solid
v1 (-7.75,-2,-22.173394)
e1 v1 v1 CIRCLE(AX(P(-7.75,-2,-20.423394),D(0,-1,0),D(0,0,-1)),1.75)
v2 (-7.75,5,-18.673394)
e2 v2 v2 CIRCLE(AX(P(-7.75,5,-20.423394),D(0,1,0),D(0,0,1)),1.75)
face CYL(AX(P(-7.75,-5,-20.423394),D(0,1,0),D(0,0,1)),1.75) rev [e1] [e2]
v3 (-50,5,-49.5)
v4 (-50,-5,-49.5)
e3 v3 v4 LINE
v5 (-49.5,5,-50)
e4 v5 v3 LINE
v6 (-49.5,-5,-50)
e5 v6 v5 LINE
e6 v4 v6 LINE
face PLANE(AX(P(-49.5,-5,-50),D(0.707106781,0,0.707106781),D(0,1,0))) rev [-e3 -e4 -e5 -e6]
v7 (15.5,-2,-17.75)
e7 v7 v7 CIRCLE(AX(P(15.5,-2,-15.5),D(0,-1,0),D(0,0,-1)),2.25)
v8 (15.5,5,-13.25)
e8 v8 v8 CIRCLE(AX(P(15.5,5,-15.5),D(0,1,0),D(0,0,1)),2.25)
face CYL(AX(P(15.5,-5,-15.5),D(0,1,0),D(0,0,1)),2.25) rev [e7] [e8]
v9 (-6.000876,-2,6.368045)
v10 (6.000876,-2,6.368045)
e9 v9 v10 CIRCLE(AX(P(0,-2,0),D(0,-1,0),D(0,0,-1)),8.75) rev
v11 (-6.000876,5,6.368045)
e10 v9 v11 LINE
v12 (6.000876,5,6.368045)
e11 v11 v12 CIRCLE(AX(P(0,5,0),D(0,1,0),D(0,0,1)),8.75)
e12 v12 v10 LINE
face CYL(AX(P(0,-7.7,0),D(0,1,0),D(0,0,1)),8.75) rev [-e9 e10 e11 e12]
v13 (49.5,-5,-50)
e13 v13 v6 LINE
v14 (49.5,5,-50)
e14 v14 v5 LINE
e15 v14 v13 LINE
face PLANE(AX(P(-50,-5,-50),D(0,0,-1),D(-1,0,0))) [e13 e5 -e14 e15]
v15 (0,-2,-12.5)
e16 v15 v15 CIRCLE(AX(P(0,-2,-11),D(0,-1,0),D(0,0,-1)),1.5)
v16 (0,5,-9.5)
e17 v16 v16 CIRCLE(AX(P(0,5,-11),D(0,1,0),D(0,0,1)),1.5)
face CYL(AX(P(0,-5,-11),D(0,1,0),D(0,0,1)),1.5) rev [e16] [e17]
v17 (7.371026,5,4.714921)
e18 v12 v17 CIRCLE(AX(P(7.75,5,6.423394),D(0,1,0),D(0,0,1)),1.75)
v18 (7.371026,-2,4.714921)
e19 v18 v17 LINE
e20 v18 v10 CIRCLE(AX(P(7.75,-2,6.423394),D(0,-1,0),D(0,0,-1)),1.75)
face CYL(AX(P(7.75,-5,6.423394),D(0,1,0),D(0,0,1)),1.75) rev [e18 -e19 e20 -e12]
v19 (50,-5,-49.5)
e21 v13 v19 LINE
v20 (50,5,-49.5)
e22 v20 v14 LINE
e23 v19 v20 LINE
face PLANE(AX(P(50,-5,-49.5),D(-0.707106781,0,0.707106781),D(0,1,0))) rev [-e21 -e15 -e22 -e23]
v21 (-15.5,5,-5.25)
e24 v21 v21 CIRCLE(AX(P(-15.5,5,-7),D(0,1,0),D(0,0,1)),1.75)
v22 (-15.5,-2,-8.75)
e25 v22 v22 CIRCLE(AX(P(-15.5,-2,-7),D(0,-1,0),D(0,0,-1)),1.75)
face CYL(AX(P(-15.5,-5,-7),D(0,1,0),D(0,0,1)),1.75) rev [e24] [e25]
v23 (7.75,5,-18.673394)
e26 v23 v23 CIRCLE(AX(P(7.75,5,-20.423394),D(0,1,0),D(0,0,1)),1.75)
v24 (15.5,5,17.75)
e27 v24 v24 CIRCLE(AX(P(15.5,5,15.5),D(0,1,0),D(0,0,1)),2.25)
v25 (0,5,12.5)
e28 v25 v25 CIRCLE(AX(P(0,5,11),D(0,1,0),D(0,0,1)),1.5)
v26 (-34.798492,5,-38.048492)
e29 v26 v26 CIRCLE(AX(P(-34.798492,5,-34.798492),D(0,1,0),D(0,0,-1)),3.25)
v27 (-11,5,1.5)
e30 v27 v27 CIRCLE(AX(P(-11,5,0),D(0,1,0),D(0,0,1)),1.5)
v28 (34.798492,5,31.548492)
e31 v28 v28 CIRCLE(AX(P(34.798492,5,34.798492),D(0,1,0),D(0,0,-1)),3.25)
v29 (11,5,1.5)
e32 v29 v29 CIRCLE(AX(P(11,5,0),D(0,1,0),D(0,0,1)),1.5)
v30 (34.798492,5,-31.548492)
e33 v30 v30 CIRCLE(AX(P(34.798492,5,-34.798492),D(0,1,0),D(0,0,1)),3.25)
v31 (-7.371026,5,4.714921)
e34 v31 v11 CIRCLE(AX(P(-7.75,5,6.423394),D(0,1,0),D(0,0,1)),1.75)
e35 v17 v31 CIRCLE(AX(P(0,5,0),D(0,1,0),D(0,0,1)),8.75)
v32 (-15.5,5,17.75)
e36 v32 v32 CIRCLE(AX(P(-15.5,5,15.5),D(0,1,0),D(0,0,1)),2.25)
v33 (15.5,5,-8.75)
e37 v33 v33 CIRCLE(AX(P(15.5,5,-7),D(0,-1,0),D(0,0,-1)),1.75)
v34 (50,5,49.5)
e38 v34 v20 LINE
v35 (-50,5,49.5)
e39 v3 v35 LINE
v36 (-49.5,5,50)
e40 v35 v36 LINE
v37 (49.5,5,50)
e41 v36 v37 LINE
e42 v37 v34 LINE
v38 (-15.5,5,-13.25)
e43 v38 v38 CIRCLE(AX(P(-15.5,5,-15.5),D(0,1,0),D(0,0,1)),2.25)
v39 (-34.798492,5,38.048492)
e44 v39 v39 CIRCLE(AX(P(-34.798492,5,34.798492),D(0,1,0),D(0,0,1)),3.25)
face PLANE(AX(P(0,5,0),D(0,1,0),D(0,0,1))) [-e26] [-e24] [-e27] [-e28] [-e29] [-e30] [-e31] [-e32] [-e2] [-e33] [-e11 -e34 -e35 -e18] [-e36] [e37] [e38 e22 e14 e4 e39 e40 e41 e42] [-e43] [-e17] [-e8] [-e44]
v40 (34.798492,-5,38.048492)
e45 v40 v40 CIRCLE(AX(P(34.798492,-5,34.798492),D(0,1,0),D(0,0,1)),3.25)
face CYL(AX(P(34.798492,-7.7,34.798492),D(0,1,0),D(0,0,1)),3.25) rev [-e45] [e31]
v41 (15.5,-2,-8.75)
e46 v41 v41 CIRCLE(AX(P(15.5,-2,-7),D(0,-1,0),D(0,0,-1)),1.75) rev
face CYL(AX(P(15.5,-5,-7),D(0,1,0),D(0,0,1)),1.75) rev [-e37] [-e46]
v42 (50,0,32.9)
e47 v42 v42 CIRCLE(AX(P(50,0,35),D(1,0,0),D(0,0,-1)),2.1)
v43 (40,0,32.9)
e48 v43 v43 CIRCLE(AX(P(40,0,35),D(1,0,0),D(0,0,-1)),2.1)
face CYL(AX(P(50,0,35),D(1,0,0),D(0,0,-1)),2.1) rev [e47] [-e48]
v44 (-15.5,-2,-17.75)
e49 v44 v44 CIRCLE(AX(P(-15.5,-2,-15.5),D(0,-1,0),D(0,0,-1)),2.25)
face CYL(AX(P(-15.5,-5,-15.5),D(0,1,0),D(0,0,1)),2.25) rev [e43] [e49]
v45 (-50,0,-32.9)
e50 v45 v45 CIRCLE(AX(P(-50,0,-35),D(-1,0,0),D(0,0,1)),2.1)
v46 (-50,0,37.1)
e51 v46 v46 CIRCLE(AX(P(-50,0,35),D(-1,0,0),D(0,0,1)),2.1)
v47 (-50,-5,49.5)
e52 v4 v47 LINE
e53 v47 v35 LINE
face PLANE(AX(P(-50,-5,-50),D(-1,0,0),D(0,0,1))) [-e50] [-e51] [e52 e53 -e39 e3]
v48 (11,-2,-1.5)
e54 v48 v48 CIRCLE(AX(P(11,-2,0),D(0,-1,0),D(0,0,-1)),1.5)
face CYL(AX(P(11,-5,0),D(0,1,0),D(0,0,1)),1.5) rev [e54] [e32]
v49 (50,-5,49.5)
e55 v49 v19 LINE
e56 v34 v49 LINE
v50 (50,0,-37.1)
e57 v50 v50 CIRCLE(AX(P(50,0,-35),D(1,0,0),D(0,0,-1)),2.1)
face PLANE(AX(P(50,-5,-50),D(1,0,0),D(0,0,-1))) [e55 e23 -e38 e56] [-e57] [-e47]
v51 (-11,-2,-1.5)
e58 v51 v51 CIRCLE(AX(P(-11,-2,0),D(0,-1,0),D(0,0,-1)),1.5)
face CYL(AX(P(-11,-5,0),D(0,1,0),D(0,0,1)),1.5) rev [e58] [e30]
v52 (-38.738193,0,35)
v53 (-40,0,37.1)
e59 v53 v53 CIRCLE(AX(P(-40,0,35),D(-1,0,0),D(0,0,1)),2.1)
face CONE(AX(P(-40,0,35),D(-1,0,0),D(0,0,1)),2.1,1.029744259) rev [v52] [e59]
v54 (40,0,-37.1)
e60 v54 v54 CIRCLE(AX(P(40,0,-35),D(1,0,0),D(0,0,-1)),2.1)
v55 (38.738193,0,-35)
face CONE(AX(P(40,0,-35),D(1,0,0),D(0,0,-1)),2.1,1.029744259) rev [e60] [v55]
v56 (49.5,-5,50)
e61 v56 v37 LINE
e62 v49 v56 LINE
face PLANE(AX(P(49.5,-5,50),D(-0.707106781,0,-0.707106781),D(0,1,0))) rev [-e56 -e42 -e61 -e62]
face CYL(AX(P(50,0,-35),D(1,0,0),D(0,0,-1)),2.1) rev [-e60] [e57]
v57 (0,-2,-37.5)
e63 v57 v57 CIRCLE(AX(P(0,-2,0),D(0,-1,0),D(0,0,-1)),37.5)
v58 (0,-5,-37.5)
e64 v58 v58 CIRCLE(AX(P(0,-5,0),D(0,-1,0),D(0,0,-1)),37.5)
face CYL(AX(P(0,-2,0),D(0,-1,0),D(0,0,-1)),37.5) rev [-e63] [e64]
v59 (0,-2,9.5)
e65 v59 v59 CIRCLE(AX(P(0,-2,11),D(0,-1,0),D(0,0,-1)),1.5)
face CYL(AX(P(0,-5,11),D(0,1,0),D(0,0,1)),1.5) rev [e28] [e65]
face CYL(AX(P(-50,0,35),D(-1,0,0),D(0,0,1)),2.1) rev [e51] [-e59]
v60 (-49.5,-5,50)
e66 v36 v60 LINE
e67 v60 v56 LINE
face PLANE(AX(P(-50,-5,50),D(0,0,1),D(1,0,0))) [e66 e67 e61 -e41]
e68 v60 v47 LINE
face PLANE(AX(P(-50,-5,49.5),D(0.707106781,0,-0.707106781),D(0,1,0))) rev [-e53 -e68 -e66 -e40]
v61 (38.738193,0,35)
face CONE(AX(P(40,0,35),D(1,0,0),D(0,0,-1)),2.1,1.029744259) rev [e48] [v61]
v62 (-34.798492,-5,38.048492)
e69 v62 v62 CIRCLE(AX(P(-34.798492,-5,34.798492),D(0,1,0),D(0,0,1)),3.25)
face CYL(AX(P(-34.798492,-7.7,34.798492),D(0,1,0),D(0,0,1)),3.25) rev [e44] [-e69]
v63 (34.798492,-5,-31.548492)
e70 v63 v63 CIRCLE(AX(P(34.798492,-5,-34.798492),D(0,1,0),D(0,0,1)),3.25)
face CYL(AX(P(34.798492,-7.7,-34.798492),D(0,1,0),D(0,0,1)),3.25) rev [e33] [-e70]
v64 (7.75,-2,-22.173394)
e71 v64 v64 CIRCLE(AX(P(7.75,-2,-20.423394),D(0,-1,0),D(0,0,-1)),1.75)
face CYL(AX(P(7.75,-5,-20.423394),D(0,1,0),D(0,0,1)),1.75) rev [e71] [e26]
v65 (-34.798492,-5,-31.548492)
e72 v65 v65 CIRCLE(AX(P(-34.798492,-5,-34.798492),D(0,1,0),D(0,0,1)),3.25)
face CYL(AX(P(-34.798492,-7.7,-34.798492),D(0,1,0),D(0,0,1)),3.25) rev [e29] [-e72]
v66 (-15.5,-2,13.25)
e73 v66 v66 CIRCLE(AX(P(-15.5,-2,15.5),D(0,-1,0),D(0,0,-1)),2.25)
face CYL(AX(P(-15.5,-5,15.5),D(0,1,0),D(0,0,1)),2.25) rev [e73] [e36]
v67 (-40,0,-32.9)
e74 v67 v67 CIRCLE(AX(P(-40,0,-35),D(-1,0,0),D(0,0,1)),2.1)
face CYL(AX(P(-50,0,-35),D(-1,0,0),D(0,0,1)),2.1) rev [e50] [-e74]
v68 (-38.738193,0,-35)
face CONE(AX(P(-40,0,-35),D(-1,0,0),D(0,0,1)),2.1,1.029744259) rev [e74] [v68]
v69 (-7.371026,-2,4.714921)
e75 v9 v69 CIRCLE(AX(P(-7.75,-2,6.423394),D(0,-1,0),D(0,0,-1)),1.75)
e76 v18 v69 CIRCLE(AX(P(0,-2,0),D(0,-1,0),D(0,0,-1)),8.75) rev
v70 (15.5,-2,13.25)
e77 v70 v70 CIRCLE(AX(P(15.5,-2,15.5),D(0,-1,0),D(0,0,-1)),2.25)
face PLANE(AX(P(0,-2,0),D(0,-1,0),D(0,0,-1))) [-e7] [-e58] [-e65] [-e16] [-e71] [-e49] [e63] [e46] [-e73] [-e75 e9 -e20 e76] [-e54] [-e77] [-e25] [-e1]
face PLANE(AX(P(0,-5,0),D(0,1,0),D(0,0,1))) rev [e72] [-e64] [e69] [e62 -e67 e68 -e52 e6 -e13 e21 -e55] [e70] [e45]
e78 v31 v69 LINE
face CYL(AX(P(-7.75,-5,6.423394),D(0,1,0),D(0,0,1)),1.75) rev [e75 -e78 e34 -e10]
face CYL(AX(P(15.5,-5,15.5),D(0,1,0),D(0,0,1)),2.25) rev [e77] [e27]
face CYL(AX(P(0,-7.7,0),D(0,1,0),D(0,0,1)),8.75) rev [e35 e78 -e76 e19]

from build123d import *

# Parameters (mm, degrees)
BOSS_EXTRUDE1_DEPTH                  = 5
BOSS_EXTRUDE1_DEPTH_BACK             = 5
SKETCH1_W                            = 100
SKETCH1_H                            = 100
SKETCH2_R                            = 8.75
SKETCH2_R_2                          = 3.25
CUT_EXTRUDE1_DEPTH                   = 12.7
TAP_DRILL_FOR_M5X0_8_TAP1_AT_2_COUNT = 2
TAP_DRILL_FOR_M5X0_8_TAP1_AT_2_PITCH = 70
SKETCH11_R                           = 37.5
CUT_EXTRUDE2_DEPTH                   = 3
CHAMFER1_SIZE                        = 0.5
SKETCH12_R                           = 1.75
CUT_EXTRUDE3_DEPTH                   = 72.414284285
SKETCH13_R                           = 2.25
CUT_EXTRUDE4_DEPTH                   = 10
SKETCH14_R                           = 1.5
CUT_EXTRUDE5_DEPTH                   = 10


with BuildPart() as part:
    # Sketch1 → Boss-Extrude1 (new, two sides: drawn at the far end of the back side and taken through both)
    with BuildSketch(Plane(origin=(0, 0, 0), x_dir=(1, 0, 0), z_dir=(0, 1, 0)).offset(-BOSS_EXTRUDE1_DEPTH_BACK)):
        Rectangle(SKETCH1_W, SKETCH1_H)
    extrude(amount=BOSS_EXTRUDE1_DEPTH + BOSS_EXTRUDE1_DEPTH_BACK)

    # Sketch2 → Cut-Extrude1 (cut)
    with BuildSketch(Plane(origin=(0, 5, 0), x_dir=(1, 0, 0), z_dir=(0, 1, 0))):
        Circle(SKETCH2_R)
        with Locations((-34.798492469, 34.798492469)):
            Circle(SKETCH2_R_2)
        with Locations((34.798492469, 34.798492469)):
            Circle(SKETCH2_R_2)
        with Locations((34.798492469, -34.798492469)):
            Circle(SKETCH2_R_2)
        with Locations((-34.798492469, -34.798492469)):
            Circle(SKETCH2_R_2)
    extrude(amount=-CUT_EXTRUDE1_DEPTH, mode=Mode.SUBTRACT)

    # Sketch10 → Tap Drill for M5x0.8 Tap1 (revolve, cut)
    with BuildSketch(Plane(origin=(-50, 0, -35), x_dir=(0, 0, 1), z_dir=(0, 1, 0))):
        Polygon((0, 0), (0, 11.2618073), (2.1, 10), (2.1, 0), align=None)
    tap_drill_for_m5x0_8_tap1 = revolve(axis=Axis((-56.35, 0, -35), (1, 0, 0)), mode=Mode.SUBTRACT)

    # Tap Drill for M5x0.8 Tap1 at 2: Tap Drill for M5x0.8 Tap1 ×2
    with Locations(*[(0, 0, i * TAP_DRILL_FOR_M5X0_8_TAP1_AT_2_PITCH) for i in range(1, TAP_DRILL_FOR_M5X0_8_TAP1_AT_2_COUNT)]):
        add(tap_drill_for_m5x0_8_tap1, mode=Mode.SUBTRACT)

    # Sketch11 → Cut-Extrude2 (cut)
    with BuildSketch(Plane.XZ.offset(5)):
        Circle(SKETCH11_R)
    extrude(amount=-CUT_EXTRUDE2_DEPTH, mode=Mode.SUBTRACT)

    # Chamfer1
    chamfer1_edges = [part.edges().sort_by_distance(p)[0] for p in [
        (50, 0, -50),
        (50, 0, 50),
        (-50, 0, 50),
        (-50, 0, -50),
    ]]
    chamfer(chamfer1_edges, length=CHAMFER1_SIZE)

    # Mirror1: Tap Drill for M5x0.8 Tap1 across plane
    add(tap_drill_for_m5x0_8_tap1.mirror(Plane.ZY), mode=Mode.SUBTRACT)

    # Mirror1 copy 1 sketch → Mirror1 copy 1 (revolve, cut)
    with BuildSketch(Plane(origin=(50, 0, 35), x_dir=(0, 0, 1), z_dir=(0, 1, 0))):
        Polygon((0, 0), (0, -11.2618073), (2.1, -10), (2.1, 0), align=None)
    revolve(axis=Axis((56.35, 0, 35), (1, 0, 0)), mode=Mode.SUBTRACT)

    # Sketch12 → Cut-Extrude3 (cut, through all)
    with BuildSketch(Plane(origin=(0, 5, 0), x_dir=(1, 0, 0), z_dir=(0, 1, 0))):
        with Locations((-15.5, 7)):
            Circle(SKETCH12_R)
        with Locations((15.5, 7)):
            Circle(SKETCH12_R)
        with Locations((-7.75, 20.423393759)):
            Circle(SKETCH12_R)
        with Locations((7.75, 20.423393759)):
            Circle(SKETCH12_R)
        with Locations((7.75, -6.423393759)):
            Circle(SKETCH12_R)
        with Locations((-7.75, -6.423393759)):
            Circle(SKETCH12_R)
    extrude(amount=-CUT_EXTRUDE3_DEPTH, mode=Mode.SUBTRACT)

    # Sketch13 → Cut-Extrude4 (cut)
    with BuildSketch(Plane(origin=(0, 5, 0), x_dir=(1, 0, 0), z_dir=(0, 1, 0))):
        with Locations((-15.5, -15.5)):
            Circle(SKETCH13_R)
        with Locations((-15.5, 15.5)):
            Circle(SKETCH13_R)
        with Locations((15.5, 15.5)):
            Circle(SKETCH13_R)
        with Locations((15.5, -15.5)):
            Circle(SKETCH13_R)
    extrude(amount=-CUT_EXTRUDE4_DEPTH, mode=Mode.SUBTRACT)

    # Sketch14 → Cut-Extrude5 (cut)
    with BuildSketch(Plane(origin=(0, 5, 0), x_dir=(1, 0, 0), z_dir=(0, 1, 0))):
        with Locations((0, 11)):
            Circle(SKETCH14_R)
        with Locations((-11, 0)):
            Circle(SKETCH14_R)
        with Locations((0, -11)):
            Circle(SKETCH14_R)
        with Locations((11, 0)):
            Circle(SKETCH14_R)
    extrude(amount=-CUT_EXTRUDE5_DEPTH, mode=Mode.SUBTRACT)


solid = part.part
